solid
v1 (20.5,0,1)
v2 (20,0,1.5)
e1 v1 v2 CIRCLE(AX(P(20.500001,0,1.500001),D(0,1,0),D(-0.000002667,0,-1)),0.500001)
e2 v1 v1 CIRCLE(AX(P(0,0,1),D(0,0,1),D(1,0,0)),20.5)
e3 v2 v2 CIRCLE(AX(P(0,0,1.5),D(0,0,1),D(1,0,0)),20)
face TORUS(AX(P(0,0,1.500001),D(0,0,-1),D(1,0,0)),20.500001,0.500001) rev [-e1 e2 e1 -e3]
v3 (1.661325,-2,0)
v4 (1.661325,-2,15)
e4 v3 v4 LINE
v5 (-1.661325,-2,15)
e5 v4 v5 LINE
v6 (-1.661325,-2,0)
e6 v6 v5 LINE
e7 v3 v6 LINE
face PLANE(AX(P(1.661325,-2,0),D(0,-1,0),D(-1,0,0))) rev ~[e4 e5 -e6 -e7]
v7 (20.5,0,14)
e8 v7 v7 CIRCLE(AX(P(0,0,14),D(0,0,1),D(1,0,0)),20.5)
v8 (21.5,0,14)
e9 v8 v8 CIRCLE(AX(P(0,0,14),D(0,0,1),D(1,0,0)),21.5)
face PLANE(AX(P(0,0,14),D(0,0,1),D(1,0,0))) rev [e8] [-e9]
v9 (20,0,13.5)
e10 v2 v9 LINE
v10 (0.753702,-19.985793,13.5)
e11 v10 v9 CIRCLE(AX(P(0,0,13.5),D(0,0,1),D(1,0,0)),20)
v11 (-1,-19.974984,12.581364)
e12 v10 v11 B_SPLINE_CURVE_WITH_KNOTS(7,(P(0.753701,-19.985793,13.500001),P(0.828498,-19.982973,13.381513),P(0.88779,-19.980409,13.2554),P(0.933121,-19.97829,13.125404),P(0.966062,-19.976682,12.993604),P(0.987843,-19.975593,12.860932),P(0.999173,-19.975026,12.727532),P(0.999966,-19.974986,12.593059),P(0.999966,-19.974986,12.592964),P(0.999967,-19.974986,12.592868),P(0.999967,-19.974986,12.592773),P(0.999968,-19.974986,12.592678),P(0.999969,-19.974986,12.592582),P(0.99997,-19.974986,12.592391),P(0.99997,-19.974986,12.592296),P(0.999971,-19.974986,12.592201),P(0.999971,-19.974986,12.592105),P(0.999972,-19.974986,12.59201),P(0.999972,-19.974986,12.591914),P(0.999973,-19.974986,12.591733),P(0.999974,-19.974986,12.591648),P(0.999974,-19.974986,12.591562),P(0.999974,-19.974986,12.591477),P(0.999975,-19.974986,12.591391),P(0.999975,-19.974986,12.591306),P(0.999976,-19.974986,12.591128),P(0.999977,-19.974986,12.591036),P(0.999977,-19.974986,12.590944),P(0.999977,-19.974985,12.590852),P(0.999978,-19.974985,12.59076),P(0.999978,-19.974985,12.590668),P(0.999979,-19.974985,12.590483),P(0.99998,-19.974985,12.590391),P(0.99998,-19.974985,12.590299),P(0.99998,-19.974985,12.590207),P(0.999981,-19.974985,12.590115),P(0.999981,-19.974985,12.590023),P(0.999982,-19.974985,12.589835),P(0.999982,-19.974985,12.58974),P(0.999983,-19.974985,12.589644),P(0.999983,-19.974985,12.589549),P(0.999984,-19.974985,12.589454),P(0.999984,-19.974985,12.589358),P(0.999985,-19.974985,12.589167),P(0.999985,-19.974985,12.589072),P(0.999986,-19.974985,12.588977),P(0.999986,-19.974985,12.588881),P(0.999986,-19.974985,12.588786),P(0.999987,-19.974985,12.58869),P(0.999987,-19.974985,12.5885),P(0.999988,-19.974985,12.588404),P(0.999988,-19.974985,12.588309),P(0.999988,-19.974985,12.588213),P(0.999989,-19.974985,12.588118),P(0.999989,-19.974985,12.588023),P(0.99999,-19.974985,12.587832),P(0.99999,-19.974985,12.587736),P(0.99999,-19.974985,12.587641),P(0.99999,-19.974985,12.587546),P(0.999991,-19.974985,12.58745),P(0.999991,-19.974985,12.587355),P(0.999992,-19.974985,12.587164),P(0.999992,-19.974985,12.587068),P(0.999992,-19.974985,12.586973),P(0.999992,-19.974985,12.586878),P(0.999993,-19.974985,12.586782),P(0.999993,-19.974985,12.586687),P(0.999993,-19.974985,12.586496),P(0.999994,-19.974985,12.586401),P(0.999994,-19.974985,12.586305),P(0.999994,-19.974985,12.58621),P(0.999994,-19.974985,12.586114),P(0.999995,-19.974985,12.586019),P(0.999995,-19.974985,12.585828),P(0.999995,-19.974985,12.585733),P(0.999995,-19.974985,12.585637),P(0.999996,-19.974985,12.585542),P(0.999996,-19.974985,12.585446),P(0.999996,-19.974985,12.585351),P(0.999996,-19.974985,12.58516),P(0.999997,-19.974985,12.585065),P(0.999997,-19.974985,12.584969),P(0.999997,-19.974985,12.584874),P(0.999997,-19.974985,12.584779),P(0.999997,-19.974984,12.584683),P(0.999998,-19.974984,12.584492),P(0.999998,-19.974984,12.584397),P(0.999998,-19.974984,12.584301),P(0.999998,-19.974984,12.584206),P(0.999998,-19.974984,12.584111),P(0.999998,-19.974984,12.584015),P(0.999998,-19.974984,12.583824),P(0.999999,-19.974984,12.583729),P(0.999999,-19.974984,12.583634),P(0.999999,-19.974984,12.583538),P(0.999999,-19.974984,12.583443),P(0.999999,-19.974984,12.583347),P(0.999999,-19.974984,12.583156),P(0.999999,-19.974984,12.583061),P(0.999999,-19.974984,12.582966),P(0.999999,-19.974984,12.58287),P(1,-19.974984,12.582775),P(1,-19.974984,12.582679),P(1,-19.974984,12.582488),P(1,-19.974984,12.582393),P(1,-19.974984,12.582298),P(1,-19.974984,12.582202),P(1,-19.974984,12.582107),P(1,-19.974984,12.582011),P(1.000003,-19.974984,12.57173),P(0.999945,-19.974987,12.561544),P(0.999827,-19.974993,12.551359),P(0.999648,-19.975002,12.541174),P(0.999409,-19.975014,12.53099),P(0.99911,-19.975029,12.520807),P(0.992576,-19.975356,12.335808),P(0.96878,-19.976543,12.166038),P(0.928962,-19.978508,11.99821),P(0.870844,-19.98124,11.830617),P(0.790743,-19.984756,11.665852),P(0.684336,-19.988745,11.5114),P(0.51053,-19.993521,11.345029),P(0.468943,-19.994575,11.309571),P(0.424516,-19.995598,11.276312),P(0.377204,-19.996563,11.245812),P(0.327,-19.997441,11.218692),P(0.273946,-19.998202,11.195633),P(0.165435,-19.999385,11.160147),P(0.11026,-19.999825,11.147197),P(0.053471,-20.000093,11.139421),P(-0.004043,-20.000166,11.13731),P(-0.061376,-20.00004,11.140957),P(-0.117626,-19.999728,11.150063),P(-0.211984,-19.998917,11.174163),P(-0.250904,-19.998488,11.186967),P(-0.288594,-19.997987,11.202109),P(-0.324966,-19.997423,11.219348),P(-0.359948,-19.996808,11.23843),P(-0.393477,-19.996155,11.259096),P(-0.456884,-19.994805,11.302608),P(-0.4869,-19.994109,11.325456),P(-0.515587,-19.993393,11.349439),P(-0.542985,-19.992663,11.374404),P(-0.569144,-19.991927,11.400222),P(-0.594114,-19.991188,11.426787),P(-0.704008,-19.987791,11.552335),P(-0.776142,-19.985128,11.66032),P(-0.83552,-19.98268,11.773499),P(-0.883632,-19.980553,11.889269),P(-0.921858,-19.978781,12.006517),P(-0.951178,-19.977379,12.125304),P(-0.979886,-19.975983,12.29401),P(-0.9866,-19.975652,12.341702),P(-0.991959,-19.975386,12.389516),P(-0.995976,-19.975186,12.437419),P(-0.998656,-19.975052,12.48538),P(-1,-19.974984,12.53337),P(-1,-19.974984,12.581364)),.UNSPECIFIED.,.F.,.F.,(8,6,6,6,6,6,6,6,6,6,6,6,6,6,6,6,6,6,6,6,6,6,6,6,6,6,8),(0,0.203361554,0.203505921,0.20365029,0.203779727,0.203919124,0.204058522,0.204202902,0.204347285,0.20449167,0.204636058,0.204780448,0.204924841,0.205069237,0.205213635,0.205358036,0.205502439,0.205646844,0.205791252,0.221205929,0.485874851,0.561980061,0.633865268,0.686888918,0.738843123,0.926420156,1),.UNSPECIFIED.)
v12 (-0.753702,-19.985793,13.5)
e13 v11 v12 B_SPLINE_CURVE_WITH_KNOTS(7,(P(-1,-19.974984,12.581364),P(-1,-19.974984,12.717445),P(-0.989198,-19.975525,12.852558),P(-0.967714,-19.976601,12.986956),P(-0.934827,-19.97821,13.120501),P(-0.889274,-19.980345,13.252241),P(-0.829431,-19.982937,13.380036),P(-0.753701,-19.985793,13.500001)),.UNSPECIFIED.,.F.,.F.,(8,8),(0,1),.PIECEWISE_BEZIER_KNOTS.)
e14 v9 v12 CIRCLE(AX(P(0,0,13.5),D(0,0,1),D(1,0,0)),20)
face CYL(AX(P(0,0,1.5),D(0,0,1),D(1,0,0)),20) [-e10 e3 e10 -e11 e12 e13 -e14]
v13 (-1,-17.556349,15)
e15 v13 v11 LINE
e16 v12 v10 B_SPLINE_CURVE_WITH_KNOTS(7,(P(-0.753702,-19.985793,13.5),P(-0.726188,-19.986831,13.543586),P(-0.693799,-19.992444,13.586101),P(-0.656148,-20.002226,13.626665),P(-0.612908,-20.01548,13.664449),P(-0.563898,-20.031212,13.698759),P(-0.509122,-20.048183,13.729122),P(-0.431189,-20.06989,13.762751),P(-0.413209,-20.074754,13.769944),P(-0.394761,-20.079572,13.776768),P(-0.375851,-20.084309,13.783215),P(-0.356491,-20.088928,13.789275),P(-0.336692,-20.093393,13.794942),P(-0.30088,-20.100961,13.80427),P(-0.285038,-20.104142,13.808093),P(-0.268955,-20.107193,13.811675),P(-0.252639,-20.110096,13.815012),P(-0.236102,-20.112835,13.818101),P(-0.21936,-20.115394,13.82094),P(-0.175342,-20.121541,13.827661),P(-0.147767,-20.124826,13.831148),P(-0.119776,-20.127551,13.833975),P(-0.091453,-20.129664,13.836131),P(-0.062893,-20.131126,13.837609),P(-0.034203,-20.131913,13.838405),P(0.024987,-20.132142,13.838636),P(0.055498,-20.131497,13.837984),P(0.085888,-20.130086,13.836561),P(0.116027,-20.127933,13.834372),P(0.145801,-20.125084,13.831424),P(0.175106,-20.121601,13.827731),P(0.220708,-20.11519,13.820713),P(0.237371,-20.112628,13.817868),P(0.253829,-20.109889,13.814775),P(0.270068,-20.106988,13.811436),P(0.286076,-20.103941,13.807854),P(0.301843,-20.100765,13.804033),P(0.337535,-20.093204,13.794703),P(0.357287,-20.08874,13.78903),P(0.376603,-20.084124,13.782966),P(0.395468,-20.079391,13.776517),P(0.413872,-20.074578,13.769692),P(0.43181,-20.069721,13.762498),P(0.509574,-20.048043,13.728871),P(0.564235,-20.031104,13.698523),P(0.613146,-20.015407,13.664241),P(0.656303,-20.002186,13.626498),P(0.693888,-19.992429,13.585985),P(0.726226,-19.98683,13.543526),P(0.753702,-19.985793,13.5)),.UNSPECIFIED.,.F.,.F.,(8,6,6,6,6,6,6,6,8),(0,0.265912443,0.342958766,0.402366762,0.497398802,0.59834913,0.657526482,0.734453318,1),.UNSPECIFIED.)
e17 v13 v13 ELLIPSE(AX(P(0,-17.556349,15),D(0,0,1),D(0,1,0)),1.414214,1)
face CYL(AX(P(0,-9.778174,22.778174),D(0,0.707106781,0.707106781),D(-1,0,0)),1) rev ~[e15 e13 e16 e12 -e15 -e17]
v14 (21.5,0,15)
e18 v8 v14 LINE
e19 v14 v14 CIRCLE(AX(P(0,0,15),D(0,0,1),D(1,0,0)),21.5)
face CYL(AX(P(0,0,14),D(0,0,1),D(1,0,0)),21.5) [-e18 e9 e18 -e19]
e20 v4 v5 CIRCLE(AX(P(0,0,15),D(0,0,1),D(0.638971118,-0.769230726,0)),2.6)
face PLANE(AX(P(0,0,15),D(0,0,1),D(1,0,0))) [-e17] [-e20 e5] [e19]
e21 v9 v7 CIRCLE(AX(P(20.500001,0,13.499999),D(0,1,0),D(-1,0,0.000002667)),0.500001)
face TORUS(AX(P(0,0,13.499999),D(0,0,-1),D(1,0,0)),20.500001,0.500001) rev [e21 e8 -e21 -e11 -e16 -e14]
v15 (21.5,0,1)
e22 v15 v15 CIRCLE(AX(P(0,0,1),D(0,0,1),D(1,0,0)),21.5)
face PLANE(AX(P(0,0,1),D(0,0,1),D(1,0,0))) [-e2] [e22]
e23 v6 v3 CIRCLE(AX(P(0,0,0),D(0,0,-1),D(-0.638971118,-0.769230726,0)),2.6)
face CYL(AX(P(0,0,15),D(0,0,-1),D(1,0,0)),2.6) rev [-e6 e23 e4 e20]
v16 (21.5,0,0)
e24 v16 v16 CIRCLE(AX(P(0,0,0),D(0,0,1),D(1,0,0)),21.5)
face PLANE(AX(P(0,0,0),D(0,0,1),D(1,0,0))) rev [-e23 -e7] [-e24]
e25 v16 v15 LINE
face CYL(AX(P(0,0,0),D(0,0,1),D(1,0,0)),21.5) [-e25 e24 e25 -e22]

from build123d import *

# Parameters (mm, degrees)
F3_DEPTH = 15
F5_R     = 1
F6_DEPTH = 25


with BuildPart() as f1:
    # F0 (on Front) → F1 (revolve)
    with BuildSketch(Plane.XZ):
        with BuildLine():
            Line((2.6, 15), (2.6, 0))
            Line((2.6, 0), (21.5, 0))
            Line((21.5, 0), (21.5, 1))
            Line((21.5, 1), (20.5, 1))
            ThreePointArc((20.5, 1), (20.146447, 1.146447), (20, 1.5))
            Line((20, 1.5), (20, 13.5))
            ThreePointArc((20, 13.5), (20.146447, 13.853553), (20.5, 14))
            Line((20.5, 14), (21.5, 14))
            Line((21.5, 14), (21.5, 15))
            Line((21.5, 15), (2.6, 15))
        make_face()
    revolve(axis=Axis((0, 0, 3.375067), (0, 0, 1)))

    # F2 (on Top) → F3 (join, through all)
    with BuildSketch(Plane.XY):
        with BuildLine():
            Line((1.661325, -2), (-1.661325, -2))
            ThreePointArc((-1.661325, -2), (0, -2.6), (1.661325, -2))
        make_face()
    extrude(amount=F3_DEPTH)

    # F5 (on face) → F6 (cut)
    with BuildSketch(Plane(origin=(0, 6.5, 6.5), x_dir=(-1, 0, 0), z_dir=(0, 0.707107, 0.707107))):
        with Locations((0, 23.020815)):
            Circle(F5_R)
    extrude(amount=-F6_DEPTH, mode=Mode.SUBTRACT)


solid = f1.part
